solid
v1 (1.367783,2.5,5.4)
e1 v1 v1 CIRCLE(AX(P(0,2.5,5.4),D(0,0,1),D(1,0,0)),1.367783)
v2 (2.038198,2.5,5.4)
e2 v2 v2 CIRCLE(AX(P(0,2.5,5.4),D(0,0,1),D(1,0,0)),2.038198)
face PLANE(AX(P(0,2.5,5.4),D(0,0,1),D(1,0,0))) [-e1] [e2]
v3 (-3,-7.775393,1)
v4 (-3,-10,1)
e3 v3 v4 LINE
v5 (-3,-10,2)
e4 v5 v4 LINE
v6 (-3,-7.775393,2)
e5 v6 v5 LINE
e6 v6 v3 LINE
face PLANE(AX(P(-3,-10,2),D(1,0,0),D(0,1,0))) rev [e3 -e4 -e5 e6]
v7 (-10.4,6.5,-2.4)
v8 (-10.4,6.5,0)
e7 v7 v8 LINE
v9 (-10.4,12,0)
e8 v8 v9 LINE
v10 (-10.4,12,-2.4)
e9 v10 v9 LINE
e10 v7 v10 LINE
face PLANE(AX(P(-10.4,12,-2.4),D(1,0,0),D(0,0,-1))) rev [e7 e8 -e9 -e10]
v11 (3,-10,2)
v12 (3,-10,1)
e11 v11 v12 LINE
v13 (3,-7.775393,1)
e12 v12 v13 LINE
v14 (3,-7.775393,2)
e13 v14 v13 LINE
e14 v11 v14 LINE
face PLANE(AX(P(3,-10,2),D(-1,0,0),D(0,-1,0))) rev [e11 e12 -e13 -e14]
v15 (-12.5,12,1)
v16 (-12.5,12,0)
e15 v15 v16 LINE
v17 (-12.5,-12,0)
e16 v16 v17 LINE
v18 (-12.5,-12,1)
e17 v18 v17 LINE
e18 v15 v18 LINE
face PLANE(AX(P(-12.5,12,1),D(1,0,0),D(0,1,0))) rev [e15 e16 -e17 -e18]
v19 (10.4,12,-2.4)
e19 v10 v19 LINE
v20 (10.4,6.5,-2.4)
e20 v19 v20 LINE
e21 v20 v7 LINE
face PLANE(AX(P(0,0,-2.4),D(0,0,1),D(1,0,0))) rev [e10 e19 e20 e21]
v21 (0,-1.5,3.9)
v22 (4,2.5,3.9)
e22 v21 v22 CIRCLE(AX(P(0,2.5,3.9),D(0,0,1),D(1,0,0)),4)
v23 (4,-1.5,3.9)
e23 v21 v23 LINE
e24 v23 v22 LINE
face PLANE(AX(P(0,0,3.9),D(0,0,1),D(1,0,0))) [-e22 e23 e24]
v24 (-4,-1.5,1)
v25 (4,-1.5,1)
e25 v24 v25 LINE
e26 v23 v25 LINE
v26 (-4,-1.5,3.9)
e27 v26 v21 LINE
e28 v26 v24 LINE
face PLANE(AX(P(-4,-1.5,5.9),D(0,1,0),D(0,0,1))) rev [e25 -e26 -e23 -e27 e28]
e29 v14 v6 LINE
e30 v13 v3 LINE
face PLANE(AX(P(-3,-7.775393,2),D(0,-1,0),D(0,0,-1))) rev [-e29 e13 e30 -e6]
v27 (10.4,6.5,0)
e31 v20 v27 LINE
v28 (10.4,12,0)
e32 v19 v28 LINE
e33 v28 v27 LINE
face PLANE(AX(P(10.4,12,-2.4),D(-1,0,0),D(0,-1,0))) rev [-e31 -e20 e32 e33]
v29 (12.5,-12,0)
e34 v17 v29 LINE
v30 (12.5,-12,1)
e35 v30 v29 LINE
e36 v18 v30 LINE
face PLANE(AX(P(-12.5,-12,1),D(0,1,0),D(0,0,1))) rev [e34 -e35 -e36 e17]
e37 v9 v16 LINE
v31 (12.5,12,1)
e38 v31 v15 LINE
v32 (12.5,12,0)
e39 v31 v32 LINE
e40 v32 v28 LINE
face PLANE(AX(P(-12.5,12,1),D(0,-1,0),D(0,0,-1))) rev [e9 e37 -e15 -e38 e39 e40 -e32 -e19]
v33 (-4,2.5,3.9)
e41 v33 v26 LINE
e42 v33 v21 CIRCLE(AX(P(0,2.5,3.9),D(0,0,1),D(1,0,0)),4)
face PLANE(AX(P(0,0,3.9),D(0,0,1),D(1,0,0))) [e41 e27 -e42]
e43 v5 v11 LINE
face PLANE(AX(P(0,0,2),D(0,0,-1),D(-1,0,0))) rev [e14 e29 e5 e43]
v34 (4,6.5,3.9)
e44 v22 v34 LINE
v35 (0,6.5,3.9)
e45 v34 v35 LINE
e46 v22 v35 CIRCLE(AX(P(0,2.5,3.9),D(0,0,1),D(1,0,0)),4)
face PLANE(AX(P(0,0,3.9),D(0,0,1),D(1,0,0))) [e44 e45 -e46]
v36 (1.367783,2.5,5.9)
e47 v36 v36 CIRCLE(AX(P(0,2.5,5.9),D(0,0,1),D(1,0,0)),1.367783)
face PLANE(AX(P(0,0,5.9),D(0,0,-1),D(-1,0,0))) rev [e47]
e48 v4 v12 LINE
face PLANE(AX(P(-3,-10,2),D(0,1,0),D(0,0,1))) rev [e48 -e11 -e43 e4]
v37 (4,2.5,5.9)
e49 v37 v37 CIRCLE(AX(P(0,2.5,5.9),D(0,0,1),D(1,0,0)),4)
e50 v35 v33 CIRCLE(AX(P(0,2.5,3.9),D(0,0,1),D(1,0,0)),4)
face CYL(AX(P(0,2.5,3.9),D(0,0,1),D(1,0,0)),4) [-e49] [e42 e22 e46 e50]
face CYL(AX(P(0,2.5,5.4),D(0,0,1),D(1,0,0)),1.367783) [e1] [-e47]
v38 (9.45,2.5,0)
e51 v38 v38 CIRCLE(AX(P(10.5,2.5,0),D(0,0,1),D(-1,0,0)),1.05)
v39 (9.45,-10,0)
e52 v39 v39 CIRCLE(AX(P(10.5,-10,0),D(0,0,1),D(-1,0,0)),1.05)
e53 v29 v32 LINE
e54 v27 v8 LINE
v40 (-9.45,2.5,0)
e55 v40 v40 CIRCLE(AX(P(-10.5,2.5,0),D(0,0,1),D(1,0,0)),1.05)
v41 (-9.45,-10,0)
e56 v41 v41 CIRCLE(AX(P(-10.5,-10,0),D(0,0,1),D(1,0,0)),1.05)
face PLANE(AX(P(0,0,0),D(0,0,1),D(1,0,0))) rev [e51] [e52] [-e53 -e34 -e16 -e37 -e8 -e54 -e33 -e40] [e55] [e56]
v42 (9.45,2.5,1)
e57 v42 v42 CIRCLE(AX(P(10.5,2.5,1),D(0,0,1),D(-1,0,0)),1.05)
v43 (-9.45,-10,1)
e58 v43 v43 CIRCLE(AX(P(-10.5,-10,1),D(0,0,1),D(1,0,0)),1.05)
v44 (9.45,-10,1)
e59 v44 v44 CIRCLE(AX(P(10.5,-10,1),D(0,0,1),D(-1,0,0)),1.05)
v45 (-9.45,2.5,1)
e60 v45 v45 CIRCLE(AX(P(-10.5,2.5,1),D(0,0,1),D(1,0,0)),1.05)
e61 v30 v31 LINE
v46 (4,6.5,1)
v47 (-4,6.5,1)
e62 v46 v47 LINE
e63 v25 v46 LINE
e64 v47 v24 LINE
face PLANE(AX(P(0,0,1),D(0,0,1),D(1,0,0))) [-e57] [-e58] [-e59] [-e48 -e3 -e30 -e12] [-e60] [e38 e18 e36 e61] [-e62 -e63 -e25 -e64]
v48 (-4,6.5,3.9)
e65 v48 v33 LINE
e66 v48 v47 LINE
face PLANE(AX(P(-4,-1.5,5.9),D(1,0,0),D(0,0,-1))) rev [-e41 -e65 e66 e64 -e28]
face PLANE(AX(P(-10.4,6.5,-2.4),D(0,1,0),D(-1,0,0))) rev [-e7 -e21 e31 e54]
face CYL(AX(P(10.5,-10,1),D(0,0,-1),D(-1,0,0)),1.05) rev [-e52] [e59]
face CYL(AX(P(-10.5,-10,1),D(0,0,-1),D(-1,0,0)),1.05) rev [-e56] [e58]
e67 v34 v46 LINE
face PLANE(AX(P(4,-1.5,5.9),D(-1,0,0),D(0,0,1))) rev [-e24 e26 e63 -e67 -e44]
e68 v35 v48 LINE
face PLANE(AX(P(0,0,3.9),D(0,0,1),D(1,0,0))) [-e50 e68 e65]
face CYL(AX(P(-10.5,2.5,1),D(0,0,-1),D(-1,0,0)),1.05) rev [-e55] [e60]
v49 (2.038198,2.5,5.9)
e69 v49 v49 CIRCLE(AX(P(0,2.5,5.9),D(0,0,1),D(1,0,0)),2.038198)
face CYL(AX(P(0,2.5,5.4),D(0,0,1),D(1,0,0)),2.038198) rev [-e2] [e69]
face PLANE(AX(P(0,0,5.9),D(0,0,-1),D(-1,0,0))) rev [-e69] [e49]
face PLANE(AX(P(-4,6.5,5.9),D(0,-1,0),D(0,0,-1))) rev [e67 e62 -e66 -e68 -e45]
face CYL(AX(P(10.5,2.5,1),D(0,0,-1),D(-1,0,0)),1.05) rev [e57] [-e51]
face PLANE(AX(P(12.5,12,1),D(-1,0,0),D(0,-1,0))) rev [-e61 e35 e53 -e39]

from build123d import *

# Parameters (mm, degrees)
SKETCH1_W           = 25
SKETCH1_H           = 24
SKETCH1_R           = 1.05
BOSS_EXTRUDE1_DEPTH = 1
SKETCH2_W           = 20.8
SKETCH2_H           = 5.5
BOSS_EXTRUDE2_DEPTH = 2.4
SKETCH3_W           = 8
SKETCH3_H           = 8
BOSS_EXTRUDE3_DEPTH = 4.9
CUT_EXTRUDE3_DEPTH  = 2
SKETCH7_R           = 2.038197989
SKETCH7_R_2         = 1.367783091
CUT_EXTRUDE4_DEPTH  = 0.5
SKETCH8_W           = 6
SKETCH8_H           = 2.224607268
BOSS_EXTRUDE4_DEPTH = 1


with BuildPart() as part:
    # Sketch1 → Boss-Extrude1 (new body)
    with BuildSketch(Plane.XY):
        Rectangle(SKETCH1_W, SKETCH1_H)
        with Locations((-10.5, 2.5)):
            Circle(SKETCH1_R, mode=Mode.SUBTRACT)
        with Locations((-10.5, -10)):
            Circle(SKETCH1_R, mode=Mode.SUBTRACT)
        with Locations((10.5, -10)):
            Circle(SKETCH1_R, mode=Mode.SUBTRACT)
        with Locations((10.5, 2.5)):
            Circle(SKETCH1_R, mode=Mode.SUBTRACT)
    extrude(amount=BOSS_EXTRUDE1_DEPTH)

    # Sketch2 → Boss-Extrude2 (add)
    with BuildSketch(Plane(origin=(0, 0, 0), x_dir=(-1, 0, 0), z_dir=(0, 0, -1))):
        with Locations((0, 9.25)):
            Rectangle(SKETCH2_W, SKETCH2_H)
    extrude(amount=BOSS_EXTRUDE2_DEPTH)

    # Sketch3 → Boss-Extrude3 (add)
    with BuildSketch(Plane.XY.offset(1)):
        with Locations((0, 2.5)):
            Rectangle(SKETCH3_W, SKETCH3_H)
    extrude(amount=BOSS_EXTRUDE3_DEPTH)

    # Sketch6 → Cut-Extrude3 (cut)
    with BuildSketch(Plane.XY.offset(5.9)):
        with BuildLine():
            Line((-4, 6.5), (-4, 2.499999997))
            ThreePointArc((-4, 2.499999997), (-2.828427126, 5.328427124), (0, 6.5))
            Line((0, 6.5), (-4, 6.5))
        make_face()
        with BuildLine():
            ThreePointArc((0, 6.5), (2.828427125, 5.328427125), (4, 2.5))
            Line((4, 2.5), (4, 6.5))
            Line((4, 6.5), (0, 6.5))
        make_face()
        with BuildLine():
            ThreePointArc((4, 2.5), (2.828427125, -0.328427125), (0, -1.5))
            Line((0, -1.5), (4, -1.5))
            Line((4, -1.5), (4, 2.5))
        make_face()
        with BuildLine():
            Line((-4, 2.499999997), (-4, -1.5))
            Line((-4, -1.5), (0, -1.5))
            ThreePointArc((0, -1.5), (-2.828427124, -0.328427126), (-4, 2.499999997))
        make_face()
    extrude(amount=-CUT_EXTRUDE3_DEPTH, mode=Mode.SUBTRACT)

    # Sketch7 → Cut-Extrude4 (cut)
    with BuildSketch(Plane.XY.offset(5.9)):
        with Locations((0, 2.5)):
            Circle(SKETCH7_R)
        with Locations((0, 2.5)):
            Circle(SKETCH7_R_2, mode=Mode.SUBTRACT)
    extrude(amount=-CUT_EXTRUDE4_DEPTH, mode=Mode.SUBTRACT)

    # Sketch8 → Boss-Extrude4 (add)
    with BuildSketch(Plane.XY.offset(1)):
        with Locations((0, -8.887696366)):
            Rectangle(SKETCH8_W, SKETCH8_H)
    extrude(amount=BOSS_EXTRUDE4_DEPTH)


solid = part.part
